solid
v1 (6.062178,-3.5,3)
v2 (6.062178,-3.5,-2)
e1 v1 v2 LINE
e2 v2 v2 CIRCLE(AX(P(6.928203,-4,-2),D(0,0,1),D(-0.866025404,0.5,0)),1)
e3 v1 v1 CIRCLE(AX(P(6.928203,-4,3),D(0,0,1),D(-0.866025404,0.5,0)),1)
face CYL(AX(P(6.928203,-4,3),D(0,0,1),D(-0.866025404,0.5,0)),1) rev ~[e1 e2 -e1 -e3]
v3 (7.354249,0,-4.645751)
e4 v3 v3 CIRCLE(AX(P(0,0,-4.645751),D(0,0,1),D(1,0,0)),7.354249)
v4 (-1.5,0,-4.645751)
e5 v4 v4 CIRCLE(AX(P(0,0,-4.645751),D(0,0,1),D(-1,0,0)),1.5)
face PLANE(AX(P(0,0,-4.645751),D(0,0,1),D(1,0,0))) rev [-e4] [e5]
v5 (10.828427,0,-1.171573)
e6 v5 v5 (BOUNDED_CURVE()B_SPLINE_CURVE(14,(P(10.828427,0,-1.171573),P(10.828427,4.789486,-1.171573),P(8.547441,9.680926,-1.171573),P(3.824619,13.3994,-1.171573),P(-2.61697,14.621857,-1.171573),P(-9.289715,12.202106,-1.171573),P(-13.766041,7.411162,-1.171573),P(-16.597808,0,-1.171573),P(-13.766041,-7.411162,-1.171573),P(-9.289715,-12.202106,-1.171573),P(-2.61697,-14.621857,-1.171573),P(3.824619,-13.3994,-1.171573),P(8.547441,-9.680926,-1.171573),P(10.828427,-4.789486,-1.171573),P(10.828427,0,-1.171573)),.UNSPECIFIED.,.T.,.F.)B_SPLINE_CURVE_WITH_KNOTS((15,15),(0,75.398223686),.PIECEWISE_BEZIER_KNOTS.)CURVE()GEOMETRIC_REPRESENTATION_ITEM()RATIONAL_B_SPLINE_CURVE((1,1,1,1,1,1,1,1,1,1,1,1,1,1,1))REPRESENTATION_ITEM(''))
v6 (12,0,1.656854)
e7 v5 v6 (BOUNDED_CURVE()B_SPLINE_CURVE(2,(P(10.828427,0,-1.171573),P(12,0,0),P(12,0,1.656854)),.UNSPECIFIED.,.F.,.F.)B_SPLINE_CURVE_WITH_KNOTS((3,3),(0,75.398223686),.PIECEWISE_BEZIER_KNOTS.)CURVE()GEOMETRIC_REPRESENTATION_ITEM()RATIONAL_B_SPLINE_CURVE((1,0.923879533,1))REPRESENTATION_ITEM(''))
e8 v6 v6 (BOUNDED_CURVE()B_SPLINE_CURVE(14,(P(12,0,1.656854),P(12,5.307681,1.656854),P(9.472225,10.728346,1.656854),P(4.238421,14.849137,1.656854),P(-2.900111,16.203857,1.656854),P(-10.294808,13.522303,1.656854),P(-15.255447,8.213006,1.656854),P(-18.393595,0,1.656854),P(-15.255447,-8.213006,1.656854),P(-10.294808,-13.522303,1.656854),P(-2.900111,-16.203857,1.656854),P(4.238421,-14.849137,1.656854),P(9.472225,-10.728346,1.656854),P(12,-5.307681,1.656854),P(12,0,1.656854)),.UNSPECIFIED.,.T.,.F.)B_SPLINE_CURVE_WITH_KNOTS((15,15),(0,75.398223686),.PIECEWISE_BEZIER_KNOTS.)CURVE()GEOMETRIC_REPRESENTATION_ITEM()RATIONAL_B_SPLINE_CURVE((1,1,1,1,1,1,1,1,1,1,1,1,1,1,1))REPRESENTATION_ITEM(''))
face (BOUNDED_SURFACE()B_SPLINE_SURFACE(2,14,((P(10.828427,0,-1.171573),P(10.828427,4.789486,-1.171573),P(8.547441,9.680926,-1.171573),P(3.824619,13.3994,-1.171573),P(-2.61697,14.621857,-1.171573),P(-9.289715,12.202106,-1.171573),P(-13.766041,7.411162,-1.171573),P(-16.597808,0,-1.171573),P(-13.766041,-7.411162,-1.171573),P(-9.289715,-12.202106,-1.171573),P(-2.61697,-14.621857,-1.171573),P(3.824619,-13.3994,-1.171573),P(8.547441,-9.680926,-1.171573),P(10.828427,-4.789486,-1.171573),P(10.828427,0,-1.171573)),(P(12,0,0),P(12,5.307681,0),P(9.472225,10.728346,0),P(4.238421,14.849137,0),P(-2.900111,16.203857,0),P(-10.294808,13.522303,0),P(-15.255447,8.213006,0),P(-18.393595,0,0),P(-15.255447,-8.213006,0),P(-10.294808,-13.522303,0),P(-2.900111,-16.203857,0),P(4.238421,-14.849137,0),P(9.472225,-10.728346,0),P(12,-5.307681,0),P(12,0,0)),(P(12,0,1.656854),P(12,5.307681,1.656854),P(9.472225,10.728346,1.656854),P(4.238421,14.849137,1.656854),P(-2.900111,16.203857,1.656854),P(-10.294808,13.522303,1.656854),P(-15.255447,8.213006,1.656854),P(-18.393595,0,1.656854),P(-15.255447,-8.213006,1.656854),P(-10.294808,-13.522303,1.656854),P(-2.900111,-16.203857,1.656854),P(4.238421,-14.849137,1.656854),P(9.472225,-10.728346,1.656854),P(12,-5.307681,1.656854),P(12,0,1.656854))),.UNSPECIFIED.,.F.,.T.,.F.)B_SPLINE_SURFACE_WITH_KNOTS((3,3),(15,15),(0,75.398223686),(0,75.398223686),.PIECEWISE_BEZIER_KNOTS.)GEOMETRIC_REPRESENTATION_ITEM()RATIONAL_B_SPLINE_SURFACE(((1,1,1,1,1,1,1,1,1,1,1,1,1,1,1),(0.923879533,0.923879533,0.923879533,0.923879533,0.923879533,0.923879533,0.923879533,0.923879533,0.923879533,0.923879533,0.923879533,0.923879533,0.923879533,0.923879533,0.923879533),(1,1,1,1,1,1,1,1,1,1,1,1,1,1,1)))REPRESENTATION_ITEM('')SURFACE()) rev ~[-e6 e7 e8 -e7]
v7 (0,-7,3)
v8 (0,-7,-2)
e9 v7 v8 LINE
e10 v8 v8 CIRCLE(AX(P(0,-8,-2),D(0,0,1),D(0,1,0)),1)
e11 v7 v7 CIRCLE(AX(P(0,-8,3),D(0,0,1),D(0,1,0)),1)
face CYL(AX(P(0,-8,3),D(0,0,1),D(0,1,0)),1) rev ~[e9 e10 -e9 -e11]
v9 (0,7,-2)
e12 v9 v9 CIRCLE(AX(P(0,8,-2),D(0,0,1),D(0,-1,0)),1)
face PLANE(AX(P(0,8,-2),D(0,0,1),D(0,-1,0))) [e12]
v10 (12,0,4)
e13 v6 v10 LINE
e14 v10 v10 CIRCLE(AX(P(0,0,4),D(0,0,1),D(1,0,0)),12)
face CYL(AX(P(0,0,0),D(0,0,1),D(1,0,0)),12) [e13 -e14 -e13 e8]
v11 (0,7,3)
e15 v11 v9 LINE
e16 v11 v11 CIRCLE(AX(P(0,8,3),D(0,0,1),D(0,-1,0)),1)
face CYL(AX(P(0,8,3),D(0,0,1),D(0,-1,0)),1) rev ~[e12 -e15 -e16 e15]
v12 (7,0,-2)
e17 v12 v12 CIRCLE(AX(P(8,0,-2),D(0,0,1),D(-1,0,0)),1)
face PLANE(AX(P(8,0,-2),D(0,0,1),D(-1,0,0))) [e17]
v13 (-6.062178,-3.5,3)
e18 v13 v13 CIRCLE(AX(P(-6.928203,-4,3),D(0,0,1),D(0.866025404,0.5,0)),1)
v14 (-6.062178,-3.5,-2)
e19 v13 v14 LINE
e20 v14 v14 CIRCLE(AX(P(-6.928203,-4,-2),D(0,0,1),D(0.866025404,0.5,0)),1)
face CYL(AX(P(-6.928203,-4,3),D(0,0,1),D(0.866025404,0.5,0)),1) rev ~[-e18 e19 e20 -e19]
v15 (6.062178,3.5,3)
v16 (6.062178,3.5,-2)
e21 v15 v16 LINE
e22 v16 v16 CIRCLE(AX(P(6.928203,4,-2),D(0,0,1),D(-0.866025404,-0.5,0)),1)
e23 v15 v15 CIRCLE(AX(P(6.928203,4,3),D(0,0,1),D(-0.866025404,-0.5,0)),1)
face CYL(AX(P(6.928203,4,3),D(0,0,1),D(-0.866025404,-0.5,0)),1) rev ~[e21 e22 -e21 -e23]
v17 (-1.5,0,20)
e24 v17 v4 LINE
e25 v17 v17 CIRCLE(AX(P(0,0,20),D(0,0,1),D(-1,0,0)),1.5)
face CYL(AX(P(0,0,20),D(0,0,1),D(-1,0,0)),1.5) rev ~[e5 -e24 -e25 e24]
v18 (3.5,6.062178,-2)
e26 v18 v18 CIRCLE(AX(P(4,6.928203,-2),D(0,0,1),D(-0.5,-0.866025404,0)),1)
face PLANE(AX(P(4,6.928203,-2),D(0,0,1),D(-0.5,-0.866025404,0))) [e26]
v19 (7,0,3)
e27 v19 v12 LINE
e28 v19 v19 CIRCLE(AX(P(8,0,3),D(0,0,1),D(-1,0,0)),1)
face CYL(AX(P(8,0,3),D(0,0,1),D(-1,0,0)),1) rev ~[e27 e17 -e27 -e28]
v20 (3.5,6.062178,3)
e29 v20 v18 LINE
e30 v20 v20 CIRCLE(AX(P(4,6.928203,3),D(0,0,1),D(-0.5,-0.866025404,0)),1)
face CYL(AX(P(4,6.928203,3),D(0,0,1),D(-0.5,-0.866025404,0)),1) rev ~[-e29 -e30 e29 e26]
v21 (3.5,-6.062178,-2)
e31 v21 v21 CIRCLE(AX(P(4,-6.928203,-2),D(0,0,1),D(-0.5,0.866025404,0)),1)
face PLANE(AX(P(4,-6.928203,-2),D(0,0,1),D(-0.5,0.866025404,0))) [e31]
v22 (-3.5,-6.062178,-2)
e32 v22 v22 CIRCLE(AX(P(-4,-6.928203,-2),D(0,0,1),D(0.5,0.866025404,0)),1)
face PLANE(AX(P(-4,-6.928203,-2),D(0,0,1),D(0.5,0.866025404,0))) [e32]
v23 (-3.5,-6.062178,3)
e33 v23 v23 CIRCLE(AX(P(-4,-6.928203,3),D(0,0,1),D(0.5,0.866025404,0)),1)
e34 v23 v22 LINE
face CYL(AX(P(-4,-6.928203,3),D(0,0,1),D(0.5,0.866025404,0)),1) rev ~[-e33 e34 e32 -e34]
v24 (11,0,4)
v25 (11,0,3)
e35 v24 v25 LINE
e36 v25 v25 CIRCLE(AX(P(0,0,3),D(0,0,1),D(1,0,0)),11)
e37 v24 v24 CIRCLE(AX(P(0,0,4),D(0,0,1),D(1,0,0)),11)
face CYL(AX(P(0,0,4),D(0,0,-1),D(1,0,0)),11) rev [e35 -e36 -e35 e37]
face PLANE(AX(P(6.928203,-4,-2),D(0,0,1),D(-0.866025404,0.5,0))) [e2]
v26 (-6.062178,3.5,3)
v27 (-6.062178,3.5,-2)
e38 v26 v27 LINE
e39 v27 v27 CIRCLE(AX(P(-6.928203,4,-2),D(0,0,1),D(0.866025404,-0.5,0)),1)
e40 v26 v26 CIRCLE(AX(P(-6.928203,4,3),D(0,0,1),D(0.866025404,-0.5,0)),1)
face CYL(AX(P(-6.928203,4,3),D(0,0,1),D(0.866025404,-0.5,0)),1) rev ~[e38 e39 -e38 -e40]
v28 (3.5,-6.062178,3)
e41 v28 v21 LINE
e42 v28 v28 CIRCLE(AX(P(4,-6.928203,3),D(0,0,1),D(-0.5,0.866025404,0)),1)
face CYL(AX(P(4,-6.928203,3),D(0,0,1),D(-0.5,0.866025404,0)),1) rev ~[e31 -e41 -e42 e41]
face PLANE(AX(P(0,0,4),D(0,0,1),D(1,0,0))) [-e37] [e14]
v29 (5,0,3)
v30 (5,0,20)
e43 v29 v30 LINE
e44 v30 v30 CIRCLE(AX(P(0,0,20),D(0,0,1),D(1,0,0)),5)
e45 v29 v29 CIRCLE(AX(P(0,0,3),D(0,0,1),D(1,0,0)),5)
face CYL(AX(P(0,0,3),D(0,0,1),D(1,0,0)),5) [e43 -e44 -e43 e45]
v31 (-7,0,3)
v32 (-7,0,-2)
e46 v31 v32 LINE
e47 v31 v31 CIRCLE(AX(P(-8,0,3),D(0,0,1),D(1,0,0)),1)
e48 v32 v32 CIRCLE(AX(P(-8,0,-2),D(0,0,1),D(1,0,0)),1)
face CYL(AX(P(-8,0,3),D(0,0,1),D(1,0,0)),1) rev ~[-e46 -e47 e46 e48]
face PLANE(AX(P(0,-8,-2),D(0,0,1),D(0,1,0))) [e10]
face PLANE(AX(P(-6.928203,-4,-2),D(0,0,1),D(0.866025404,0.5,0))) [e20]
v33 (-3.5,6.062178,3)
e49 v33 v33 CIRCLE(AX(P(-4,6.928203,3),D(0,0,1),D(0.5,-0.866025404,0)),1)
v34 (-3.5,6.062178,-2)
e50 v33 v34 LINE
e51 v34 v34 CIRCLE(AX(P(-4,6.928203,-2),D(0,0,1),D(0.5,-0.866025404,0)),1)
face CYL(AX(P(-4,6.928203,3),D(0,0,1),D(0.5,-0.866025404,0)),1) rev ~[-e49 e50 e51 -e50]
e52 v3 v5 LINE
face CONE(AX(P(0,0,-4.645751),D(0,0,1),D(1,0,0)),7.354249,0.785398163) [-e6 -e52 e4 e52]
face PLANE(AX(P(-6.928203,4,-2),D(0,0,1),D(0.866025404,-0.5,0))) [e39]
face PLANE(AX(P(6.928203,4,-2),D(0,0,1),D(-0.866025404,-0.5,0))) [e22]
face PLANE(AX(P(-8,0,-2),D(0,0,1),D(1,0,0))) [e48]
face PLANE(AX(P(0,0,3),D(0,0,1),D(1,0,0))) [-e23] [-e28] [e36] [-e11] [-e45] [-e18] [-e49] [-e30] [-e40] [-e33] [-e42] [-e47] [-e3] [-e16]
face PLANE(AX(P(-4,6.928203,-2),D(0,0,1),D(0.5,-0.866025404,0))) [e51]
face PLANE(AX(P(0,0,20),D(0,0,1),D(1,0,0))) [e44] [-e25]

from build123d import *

# Parameters (mm, degrees)
SKETCH001_R        = 1.5
POCKET_DEPTH       = 24.646751
SKETCH002_R        = 1
POCKET001_DEPTH    = 5
POLARPATTERN_COUNT = 12
FILLET_R           = 4


with BuildPart() as part:
    # Sketch → Revolution (revolve)
    with BuildSketch(Plane.XZ):
        Polygon((0, -4.645751), (7.354249, -4.645751), (12, 0), (12, 4), (11, 4), (11, 3), (5, 3), (5, 20), (0, 20), align=None)
    revolve(axis=Axis((0, 0, 0), (0, 0, 1)))

    # Sketch001 (on Face8 of Revolution) → Pocket (cut, through all)
    with BuildSketch(Plane(origin=(0, 0, 20), x_dir=(-1, 0, 0), z_dir=(0, 0, 1))):
        Circle(SKETCH001_R)
    extrude(amount=-POCKET_DEPTH, mode=Mode.SUBTRACT)

    # Sketch002 (on Face9 of Pocket) → Pocket001 (cut)
    with BuildSketch(Plane(origin=(0, 0, 3), x_dir=(-1, 0, 0), z_dir=(0, 0, 1))):
        with Locations((-8, 0)):
            Circle(SKETCH002_R)
    pocket001 = extrude(amount=-POCKET001_DEPTH, mode=Mode.SUBTRACT)

    # PolarPattern: Pocket001 ×12 about axis
    polarpattern_axis = Axis((0, 0, 3), (0, 0, 1))
    for i in range(1, POLARPATTERN_COUNT):
        add(pocket001.rotate(polarpattern_axis, i * 360 / POLARPATTERN_COUNT), mode=Mode.SUBTRACT)

    # Fillet
    fillet_edges = [part.edges().sort_by_distance(p)[0] for p in [
        (-12, 0, 0),
    ]]
    fillet(fillet_edges, radius=FILLET_R)


solid = part.part
